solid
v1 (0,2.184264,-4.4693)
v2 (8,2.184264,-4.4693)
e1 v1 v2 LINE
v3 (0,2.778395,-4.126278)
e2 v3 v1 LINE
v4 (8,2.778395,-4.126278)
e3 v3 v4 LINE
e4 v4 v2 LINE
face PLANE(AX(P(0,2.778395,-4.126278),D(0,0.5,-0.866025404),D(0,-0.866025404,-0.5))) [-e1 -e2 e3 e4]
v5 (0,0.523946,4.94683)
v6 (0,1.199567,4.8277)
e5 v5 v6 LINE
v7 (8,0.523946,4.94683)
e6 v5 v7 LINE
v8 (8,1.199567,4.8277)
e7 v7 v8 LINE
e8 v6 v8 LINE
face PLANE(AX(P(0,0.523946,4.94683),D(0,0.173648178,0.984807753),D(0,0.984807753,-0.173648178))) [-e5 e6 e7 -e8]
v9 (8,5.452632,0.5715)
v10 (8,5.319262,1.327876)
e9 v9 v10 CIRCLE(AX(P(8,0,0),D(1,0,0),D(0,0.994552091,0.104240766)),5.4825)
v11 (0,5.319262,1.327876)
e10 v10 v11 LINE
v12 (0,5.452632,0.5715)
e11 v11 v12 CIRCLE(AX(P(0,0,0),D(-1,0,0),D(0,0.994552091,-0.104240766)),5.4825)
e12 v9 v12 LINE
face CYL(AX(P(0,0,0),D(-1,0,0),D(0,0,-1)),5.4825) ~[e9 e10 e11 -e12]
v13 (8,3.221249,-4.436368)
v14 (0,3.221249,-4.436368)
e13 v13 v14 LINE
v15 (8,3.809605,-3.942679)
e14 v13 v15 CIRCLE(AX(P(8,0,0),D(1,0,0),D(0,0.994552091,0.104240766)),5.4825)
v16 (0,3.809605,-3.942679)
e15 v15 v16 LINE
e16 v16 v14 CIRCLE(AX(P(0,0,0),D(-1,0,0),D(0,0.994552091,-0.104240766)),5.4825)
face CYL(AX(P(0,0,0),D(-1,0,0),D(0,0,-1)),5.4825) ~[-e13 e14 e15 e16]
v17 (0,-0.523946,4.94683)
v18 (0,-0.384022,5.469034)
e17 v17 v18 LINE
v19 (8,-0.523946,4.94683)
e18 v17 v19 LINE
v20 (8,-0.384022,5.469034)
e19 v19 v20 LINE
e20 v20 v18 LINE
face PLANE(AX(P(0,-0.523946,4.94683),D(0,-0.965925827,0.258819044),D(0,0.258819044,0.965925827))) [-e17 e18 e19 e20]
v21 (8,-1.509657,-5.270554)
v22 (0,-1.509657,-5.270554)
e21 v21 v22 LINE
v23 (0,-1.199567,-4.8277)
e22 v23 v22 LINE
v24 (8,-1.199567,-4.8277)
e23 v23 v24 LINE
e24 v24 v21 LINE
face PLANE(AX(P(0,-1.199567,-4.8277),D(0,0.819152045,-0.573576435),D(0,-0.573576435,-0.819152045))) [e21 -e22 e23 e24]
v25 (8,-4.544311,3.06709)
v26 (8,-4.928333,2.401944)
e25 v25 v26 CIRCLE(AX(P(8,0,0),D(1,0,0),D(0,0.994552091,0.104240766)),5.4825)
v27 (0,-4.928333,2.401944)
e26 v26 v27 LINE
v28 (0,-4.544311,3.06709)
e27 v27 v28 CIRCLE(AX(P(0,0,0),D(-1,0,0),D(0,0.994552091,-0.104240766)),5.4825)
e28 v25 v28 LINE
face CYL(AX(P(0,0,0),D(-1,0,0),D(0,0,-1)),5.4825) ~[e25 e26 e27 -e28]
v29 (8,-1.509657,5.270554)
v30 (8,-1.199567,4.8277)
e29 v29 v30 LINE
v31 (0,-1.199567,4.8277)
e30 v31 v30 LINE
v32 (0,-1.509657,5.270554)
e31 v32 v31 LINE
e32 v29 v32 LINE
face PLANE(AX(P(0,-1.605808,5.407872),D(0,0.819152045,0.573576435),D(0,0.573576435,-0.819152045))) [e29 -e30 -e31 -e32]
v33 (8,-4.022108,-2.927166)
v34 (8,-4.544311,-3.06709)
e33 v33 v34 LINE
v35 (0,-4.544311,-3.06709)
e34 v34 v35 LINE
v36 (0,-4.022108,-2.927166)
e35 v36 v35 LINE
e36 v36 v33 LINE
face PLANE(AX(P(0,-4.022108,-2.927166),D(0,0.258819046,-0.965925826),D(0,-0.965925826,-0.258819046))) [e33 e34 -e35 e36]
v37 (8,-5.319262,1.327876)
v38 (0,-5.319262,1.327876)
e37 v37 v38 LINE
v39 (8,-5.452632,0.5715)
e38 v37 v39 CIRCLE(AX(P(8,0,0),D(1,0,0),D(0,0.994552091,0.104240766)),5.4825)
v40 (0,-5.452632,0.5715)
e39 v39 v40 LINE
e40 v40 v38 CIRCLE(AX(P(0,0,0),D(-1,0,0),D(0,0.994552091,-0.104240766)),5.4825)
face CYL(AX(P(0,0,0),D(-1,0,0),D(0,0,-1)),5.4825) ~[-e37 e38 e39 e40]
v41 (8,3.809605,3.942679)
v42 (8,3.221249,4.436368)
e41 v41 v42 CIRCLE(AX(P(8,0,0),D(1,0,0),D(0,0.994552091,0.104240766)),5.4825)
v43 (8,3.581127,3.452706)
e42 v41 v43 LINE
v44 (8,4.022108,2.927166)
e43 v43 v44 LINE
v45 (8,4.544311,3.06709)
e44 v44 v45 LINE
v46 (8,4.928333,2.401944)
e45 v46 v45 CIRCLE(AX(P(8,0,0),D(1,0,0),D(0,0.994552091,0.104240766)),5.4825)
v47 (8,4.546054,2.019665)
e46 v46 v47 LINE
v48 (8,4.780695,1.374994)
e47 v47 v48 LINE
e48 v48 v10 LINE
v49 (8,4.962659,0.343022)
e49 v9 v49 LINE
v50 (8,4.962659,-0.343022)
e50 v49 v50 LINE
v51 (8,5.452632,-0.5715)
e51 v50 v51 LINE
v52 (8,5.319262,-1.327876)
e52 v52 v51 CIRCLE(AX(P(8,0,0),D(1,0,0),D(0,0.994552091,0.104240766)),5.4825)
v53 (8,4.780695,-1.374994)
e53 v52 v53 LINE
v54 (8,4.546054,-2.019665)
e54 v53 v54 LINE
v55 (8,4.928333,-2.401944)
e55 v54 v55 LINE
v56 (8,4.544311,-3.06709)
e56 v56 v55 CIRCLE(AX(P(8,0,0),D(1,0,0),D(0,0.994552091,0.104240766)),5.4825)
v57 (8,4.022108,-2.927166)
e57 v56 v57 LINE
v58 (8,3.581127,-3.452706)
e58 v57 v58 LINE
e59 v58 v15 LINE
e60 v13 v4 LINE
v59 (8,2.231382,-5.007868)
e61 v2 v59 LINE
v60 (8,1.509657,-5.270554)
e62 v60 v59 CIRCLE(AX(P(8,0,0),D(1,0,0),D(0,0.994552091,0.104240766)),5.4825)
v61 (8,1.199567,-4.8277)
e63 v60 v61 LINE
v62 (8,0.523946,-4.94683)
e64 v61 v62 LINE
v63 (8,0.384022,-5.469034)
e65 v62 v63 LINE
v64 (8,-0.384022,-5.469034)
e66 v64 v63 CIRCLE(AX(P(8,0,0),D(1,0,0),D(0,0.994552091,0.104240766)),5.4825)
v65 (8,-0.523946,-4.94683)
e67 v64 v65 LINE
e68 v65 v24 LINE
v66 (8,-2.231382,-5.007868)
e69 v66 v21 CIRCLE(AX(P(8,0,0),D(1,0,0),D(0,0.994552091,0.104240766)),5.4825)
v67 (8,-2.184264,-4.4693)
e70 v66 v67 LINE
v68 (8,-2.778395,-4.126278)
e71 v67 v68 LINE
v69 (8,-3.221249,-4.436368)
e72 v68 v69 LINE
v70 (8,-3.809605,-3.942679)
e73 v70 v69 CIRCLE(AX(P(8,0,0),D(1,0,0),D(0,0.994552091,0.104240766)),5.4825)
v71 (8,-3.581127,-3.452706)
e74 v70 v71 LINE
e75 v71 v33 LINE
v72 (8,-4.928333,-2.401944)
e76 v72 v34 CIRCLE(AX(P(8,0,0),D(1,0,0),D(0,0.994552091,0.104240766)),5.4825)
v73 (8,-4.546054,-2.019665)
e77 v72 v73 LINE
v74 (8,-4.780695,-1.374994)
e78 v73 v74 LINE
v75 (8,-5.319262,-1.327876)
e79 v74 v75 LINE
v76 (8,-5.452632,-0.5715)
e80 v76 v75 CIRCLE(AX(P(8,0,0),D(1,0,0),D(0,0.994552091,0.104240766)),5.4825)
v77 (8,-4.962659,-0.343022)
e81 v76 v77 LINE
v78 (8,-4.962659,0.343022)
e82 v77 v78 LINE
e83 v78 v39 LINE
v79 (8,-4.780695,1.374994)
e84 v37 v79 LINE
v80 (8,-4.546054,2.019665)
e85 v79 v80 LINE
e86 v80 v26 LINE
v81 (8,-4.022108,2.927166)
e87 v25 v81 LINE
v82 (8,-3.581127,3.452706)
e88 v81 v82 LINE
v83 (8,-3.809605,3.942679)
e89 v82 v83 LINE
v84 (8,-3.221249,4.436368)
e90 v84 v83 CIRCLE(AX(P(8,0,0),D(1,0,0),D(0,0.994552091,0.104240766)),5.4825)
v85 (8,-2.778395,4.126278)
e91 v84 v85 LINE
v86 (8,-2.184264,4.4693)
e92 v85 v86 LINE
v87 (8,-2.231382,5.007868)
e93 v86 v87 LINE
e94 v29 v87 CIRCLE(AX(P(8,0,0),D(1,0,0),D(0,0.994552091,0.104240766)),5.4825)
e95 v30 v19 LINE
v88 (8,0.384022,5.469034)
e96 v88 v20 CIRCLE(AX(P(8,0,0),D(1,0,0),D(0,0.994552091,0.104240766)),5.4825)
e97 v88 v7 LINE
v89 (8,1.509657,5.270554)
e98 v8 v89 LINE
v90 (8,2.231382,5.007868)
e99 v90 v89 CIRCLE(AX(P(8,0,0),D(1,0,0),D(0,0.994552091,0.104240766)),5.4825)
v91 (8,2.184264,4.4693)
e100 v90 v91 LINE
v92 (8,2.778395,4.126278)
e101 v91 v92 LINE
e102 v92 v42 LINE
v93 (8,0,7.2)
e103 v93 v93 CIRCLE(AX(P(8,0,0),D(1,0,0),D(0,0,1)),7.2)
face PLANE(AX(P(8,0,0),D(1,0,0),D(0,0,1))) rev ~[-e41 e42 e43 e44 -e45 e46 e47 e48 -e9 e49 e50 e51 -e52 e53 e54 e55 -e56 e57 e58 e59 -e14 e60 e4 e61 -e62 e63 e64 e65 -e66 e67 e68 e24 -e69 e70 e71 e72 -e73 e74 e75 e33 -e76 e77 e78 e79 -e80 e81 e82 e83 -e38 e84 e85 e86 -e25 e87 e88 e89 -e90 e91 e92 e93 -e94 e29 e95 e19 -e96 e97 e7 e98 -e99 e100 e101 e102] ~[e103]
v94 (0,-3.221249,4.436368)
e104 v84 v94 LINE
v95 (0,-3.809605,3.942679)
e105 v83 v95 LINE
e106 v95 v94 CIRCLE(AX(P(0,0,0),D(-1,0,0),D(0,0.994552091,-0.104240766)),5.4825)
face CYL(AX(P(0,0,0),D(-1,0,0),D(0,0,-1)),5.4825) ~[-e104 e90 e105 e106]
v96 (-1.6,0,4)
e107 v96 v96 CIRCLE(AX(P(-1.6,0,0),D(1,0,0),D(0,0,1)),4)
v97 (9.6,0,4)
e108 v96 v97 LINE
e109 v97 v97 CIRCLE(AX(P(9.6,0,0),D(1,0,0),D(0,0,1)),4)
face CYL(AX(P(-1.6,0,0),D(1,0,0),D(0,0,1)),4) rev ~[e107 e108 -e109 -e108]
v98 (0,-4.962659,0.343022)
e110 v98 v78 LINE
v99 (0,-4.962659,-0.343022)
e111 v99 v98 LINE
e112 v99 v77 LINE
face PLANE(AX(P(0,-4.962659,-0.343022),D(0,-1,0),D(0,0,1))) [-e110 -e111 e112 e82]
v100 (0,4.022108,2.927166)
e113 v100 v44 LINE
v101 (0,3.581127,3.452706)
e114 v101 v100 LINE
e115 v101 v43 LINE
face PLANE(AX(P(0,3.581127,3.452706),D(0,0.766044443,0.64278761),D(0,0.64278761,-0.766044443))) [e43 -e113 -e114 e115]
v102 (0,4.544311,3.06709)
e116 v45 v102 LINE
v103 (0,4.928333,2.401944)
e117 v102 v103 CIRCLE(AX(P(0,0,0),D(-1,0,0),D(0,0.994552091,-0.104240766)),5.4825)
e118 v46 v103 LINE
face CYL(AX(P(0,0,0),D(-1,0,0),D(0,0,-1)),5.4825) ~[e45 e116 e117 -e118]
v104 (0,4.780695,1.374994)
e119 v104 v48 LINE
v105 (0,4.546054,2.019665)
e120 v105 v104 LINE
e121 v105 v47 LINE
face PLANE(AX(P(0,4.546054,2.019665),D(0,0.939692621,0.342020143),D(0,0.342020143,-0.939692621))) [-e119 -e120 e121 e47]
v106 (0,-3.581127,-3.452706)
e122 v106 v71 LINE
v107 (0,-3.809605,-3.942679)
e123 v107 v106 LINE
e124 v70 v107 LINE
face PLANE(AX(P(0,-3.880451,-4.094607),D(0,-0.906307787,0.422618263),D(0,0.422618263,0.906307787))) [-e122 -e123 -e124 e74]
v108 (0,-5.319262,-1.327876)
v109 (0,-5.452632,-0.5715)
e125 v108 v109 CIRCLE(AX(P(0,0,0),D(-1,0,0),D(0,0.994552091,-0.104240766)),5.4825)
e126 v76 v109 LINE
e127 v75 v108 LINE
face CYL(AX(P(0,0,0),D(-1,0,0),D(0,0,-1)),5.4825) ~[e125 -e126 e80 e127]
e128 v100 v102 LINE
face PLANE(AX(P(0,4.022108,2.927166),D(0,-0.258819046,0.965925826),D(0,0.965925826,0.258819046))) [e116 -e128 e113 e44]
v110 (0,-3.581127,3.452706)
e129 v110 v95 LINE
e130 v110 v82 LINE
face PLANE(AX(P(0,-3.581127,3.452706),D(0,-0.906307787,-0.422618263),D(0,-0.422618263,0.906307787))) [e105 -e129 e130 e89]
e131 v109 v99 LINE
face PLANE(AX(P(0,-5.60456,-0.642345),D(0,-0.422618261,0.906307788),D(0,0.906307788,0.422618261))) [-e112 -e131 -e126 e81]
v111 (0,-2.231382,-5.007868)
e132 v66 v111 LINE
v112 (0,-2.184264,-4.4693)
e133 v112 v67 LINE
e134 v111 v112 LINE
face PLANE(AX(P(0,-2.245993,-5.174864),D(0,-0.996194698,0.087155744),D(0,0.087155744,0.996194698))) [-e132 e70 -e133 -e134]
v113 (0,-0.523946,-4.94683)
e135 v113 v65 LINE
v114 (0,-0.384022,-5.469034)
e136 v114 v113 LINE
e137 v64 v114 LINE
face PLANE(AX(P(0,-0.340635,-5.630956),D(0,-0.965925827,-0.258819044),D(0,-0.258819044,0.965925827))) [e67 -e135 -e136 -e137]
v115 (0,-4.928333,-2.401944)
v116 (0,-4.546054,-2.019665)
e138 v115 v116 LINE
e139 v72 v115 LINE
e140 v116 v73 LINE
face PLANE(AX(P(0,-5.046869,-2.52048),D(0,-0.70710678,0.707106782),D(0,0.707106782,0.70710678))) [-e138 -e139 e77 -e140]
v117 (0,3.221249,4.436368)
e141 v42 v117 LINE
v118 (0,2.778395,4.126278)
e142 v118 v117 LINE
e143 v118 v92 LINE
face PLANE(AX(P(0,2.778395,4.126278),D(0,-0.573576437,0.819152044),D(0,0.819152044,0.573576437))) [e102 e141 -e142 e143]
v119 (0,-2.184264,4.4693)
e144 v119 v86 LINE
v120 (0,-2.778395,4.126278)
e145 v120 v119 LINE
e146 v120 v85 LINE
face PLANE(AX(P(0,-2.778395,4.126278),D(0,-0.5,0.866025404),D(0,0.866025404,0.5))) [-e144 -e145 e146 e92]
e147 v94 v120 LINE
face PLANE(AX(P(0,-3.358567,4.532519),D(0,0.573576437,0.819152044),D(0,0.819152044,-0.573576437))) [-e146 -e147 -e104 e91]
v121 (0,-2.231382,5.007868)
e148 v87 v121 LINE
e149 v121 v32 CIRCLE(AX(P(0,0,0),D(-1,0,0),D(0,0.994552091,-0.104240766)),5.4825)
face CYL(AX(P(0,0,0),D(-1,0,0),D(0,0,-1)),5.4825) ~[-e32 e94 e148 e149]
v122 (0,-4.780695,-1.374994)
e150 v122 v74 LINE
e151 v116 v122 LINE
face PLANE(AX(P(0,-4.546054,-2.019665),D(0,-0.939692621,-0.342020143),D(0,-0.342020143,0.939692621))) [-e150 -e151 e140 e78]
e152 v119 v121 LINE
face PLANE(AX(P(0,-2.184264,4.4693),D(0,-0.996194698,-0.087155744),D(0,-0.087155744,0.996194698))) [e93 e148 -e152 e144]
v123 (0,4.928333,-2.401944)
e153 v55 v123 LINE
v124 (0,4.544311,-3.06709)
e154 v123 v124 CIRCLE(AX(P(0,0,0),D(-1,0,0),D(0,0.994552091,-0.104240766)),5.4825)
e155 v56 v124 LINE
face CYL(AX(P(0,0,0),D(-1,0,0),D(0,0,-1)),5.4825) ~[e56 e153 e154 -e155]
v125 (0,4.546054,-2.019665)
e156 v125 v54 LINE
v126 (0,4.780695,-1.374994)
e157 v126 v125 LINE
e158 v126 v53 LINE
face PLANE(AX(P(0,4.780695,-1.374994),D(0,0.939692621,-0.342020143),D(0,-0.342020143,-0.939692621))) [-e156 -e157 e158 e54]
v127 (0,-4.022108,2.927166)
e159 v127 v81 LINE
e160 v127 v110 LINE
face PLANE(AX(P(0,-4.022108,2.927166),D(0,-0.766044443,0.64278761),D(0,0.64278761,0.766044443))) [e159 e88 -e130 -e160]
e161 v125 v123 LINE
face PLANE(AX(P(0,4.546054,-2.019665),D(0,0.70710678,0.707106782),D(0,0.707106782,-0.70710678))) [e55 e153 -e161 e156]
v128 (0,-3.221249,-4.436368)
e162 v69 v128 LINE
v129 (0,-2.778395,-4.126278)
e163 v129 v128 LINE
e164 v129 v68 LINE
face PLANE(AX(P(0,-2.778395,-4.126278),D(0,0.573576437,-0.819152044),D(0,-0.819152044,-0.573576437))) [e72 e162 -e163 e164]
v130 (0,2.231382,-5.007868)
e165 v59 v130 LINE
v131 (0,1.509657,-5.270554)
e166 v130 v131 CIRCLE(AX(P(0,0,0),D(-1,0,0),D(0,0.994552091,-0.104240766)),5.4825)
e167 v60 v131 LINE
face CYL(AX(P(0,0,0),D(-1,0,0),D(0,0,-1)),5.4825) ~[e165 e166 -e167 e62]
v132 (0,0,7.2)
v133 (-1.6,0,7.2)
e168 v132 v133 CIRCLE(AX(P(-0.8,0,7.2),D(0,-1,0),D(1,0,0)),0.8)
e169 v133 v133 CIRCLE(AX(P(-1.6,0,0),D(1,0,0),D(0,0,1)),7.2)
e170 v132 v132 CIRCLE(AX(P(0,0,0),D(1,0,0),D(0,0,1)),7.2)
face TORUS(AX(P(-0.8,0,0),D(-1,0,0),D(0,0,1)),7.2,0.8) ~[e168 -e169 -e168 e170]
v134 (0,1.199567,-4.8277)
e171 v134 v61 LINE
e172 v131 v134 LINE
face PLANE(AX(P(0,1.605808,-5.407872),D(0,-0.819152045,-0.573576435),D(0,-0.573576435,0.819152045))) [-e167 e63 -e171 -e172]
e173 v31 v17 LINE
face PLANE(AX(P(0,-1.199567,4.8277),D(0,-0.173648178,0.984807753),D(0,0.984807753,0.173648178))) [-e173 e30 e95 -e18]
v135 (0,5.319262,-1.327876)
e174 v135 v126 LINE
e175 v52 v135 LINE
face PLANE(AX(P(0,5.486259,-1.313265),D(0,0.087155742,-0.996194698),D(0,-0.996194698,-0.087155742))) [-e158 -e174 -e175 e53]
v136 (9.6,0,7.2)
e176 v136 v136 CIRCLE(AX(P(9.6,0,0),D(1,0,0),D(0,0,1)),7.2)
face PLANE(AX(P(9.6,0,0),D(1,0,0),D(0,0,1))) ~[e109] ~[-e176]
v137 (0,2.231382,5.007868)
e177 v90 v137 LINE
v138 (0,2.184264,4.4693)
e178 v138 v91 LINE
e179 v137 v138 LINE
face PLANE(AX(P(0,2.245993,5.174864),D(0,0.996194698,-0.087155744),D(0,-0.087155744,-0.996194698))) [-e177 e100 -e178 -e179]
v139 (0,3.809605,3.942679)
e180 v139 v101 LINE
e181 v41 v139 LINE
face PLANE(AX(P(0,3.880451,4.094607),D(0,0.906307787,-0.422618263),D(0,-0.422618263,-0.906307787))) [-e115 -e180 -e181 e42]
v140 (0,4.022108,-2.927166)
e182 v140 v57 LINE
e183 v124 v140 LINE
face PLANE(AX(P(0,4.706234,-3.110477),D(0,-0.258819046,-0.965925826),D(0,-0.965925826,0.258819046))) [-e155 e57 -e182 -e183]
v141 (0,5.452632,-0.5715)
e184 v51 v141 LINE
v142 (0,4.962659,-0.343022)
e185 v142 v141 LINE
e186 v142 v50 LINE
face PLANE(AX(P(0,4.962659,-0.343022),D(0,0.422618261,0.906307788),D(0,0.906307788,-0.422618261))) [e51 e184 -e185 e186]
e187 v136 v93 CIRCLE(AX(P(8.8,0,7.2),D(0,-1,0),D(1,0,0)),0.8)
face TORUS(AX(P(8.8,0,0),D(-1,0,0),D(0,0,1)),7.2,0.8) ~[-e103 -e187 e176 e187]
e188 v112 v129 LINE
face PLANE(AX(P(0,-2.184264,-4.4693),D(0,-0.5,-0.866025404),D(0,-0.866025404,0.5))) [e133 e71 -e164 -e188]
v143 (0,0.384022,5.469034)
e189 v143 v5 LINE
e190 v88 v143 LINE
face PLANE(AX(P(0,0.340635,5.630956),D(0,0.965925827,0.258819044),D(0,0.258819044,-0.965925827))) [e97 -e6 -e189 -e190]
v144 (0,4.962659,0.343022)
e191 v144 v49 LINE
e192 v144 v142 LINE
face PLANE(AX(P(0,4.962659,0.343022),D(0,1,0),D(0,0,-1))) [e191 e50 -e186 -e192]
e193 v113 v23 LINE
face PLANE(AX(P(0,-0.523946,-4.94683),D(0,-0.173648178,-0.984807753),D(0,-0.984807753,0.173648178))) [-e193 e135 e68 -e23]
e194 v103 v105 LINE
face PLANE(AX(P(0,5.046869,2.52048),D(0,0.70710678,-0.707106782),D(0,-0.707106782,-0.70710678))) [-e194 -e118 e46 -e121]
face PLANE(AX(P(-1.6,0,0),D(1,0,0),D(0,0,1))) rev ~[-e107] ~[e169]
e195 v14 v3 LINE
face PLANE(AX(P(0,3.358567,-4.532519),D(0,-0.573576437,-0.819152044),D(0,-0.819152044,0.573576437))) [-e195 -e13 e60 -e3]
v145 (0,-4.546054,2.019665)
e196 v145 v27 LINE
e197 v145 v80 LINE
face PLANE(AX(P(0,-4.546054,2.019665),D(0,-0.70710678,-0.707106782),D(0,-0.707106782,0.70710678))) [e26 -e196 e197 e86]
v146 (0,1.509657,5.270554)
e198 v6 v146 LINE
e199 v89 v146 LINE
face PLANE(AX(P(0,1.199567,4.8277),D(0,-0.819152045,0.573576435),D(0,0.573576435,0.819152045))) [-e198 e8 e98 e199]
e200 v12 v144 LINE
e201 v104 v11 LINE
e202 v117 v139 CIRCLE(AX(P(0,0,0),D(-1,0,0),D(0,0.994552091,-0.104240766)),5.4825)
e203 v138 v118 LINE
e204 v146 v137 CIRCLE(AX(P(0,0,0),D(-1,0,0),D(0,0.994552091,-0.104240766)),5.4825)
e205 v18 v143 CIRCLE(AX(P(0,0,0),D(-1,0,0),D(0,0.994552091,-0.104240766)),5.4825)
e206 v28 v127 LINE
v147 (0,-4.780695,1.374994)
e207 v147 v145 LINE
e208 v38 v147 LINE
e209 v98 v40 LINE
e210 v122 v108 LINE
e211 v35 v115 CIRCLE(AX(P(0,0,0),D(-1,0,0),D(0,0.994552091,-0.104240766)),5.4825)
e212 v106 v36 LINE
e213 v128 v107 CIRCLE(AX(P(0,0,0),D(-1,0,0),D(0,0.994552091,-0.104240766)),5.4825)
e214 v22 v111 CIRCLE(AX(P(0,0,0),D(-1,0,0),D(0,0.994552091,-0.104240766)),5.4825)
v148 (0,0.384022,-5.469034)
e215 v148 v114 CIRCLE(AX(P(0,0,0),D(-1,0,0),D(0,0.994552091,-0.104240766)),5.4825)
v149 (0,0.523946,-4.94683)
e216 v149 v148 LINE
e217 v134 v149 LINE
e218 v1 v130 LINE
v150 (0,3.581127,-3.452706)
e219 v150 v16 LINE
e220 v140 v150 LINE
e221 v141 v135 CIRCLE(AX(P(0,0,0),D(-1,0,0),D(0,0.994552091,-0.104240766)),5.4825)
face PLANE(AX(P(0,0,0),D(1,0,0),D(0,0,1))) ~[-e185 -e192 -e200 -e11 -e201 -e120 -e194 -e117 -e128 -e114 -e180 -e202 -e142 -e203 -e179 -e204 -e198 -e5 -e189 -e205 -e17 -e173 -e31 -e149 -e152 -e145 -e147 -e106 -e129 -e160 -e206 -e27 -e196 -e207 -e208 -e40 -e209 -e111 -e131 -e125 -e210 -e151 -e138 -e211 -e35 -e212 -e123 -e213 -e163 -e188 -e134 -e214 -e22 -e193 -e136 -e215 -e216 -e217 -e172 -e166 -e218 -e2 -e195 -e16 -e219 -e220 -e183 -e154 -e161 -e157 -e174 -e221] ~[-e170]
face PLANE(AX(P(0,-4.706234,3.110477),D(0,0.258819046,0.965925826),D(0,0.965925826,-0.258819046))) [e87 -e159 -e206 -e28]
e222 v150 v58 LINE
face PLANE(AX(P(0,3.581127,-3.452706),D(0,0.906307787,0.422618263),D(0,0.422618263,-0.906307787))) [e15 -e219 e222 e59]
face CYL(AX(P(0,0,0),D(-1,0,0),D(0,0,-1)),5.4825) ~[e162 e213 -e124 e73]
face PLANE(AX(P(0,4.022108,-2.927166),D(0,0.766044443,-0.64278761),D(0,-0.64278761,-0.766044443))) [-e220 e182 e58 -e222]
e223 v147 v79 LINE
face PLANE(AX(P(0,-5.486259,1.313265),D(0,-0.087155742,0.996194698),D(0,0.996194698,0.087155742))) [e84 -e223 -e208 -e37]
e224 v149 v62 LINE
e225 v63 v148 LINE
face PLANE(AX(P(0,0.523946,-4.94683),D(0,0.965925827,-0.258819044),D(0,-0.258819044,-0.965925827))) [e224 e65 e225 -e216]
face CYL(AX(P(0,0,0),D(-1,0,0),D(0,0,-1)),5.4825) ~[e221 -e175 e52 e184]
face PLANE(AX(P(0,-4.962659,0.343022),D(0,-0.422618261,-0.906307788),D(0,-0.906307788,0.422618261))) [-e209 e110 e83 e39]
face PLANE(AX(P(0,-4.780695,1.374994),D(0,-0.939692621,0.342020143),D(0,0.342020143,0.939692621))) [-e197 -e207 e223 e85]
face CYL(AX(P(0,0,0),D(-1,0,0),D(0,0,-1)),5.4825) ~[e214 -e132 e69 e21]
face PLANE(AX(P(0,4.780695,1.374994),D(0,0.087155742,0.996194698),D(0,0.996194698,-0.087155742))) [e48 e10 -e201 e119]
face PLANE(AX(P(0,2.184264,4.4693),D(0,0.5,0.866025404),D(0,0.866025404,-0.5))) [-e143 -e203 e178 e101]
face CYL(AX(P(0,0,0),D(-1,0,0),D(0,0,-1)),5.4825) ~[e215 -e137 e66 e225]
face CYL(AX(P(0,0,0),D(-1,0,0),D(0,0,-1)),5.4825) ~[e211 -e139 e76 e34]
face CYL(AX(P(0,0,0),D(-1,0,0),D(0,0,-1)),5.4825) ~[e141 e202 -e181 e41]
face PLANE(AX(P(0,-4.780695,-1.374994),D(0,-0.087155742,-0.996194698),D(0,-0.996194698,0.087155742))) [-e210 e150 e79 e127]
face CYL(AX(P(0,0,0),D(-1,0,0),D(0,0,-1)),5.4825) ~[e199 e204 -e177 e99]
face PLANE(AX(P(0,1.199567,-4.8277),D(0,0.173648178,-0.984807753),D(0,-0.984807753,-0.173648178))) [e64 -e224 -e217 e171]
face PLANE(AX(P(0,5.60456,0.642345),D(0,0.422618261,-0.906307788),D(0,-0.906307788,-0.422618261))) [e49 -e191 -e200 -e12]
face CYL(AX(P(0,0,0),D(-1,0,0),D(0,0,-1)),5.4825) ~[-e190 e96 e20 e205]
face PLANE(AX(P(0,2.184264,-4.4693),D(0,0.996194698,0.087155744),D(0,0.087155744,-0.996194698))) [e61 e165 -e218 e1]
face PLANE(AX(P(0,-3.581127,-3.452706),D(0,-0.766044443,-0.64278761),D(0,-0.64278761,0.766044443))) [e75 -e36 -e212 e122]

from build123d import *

# Parameters (mm, degrees)
SKETCH4_R          = 5.8
SKETCH4_R_2        = 5.4825
CUT_EXTRUDE2_DEPTH = 8
CUT_EXTRUDE1_DEPTH = 8
CIRPATTERN1_COUNT  = 18


with BuildPart() as part:
    # Sketch1 → Revolve1 (revolve)
    with BuildSketch(Plane.XY, mode=Mode.PRIVATE) as revolve1_sk:
        with BuildLine():
            Line((-1.6, 4), (9.6, 4))
            Line((9.6, 4), (9.6, 7.2))
            ThreePointArc((9.6, 7.2), (8.8, 8), (8, 7.2))
            Line((8, 7.2), (8, 5.55))
            Line((8, 5.55), (0, 5.55))
            Line((0, 5.55), (0, 7.2))
            ThreePointArc((0, 7.2), (-0.8, 8), (-1.6, 7.2))
            Line((-1.6, 7.2), (-1.6, 4))
        make_face()
    revolve(revolve1_sk.sketch.rotate(Axis((-1.6, 0, 0), (1, 0, 0)), 90), axis=Axis((-1.6, 0, 0), (1, 0, 0)))

    # Sketch4 → Cut-Extrude2 (cut)
    with BuildSketch(Plane(origin=(0, 0, 0), x_dir=(0, 0, -1), z_dir=(1, 0, 0))):
        Circle(SKETCH4_R)
        Circle(SKETCH4_R_2, mode=Mode.SUBTRACT)
    extrude(amount=CUT_EXTRUDE2_DEPTH, mode=Mode.SUBTRACT)

    # Sketch3 → Cut-Extrude1 (cut)
    with BuildSketch(Plane(origin=(0, 0, 0), x_dir=(0, 0, -1), z_dir=(1, 0, 0))):
        with BuildLine():
            Line((-0.642345316, 5.604560113), (-0.343021997, 4.962659182))
            Line((-0.343021997, 4.962659182), (0.343021997, 4.962659182))
            Line((0.343021997, 4.962659182), (0.642345316, 5.604560113))
            ThreePointArc((0.642345316, 5.604560113), (0, 5.64125), (-0.642345316, 5.604560113))
        make_face()
    cut_extrude1 = extrude(amount=CUT_EXTRUDE1_DEPTH, mode=Mode.SUBTRACT)

    # CirPattern1: Cut-Extrude1 ×18 about axis
    cirpattern1_axis = Axis((0, 0, 0), (1, 0, 0))
    for i in range(1, CIRPATTERN1_COUNT):
        add(cut_extrude1.rotate(cirpattern1_axis, i * 360 / CIRPATTERN1_COUNT), mode=Mode.SUBTRACT)


solid = part.part
